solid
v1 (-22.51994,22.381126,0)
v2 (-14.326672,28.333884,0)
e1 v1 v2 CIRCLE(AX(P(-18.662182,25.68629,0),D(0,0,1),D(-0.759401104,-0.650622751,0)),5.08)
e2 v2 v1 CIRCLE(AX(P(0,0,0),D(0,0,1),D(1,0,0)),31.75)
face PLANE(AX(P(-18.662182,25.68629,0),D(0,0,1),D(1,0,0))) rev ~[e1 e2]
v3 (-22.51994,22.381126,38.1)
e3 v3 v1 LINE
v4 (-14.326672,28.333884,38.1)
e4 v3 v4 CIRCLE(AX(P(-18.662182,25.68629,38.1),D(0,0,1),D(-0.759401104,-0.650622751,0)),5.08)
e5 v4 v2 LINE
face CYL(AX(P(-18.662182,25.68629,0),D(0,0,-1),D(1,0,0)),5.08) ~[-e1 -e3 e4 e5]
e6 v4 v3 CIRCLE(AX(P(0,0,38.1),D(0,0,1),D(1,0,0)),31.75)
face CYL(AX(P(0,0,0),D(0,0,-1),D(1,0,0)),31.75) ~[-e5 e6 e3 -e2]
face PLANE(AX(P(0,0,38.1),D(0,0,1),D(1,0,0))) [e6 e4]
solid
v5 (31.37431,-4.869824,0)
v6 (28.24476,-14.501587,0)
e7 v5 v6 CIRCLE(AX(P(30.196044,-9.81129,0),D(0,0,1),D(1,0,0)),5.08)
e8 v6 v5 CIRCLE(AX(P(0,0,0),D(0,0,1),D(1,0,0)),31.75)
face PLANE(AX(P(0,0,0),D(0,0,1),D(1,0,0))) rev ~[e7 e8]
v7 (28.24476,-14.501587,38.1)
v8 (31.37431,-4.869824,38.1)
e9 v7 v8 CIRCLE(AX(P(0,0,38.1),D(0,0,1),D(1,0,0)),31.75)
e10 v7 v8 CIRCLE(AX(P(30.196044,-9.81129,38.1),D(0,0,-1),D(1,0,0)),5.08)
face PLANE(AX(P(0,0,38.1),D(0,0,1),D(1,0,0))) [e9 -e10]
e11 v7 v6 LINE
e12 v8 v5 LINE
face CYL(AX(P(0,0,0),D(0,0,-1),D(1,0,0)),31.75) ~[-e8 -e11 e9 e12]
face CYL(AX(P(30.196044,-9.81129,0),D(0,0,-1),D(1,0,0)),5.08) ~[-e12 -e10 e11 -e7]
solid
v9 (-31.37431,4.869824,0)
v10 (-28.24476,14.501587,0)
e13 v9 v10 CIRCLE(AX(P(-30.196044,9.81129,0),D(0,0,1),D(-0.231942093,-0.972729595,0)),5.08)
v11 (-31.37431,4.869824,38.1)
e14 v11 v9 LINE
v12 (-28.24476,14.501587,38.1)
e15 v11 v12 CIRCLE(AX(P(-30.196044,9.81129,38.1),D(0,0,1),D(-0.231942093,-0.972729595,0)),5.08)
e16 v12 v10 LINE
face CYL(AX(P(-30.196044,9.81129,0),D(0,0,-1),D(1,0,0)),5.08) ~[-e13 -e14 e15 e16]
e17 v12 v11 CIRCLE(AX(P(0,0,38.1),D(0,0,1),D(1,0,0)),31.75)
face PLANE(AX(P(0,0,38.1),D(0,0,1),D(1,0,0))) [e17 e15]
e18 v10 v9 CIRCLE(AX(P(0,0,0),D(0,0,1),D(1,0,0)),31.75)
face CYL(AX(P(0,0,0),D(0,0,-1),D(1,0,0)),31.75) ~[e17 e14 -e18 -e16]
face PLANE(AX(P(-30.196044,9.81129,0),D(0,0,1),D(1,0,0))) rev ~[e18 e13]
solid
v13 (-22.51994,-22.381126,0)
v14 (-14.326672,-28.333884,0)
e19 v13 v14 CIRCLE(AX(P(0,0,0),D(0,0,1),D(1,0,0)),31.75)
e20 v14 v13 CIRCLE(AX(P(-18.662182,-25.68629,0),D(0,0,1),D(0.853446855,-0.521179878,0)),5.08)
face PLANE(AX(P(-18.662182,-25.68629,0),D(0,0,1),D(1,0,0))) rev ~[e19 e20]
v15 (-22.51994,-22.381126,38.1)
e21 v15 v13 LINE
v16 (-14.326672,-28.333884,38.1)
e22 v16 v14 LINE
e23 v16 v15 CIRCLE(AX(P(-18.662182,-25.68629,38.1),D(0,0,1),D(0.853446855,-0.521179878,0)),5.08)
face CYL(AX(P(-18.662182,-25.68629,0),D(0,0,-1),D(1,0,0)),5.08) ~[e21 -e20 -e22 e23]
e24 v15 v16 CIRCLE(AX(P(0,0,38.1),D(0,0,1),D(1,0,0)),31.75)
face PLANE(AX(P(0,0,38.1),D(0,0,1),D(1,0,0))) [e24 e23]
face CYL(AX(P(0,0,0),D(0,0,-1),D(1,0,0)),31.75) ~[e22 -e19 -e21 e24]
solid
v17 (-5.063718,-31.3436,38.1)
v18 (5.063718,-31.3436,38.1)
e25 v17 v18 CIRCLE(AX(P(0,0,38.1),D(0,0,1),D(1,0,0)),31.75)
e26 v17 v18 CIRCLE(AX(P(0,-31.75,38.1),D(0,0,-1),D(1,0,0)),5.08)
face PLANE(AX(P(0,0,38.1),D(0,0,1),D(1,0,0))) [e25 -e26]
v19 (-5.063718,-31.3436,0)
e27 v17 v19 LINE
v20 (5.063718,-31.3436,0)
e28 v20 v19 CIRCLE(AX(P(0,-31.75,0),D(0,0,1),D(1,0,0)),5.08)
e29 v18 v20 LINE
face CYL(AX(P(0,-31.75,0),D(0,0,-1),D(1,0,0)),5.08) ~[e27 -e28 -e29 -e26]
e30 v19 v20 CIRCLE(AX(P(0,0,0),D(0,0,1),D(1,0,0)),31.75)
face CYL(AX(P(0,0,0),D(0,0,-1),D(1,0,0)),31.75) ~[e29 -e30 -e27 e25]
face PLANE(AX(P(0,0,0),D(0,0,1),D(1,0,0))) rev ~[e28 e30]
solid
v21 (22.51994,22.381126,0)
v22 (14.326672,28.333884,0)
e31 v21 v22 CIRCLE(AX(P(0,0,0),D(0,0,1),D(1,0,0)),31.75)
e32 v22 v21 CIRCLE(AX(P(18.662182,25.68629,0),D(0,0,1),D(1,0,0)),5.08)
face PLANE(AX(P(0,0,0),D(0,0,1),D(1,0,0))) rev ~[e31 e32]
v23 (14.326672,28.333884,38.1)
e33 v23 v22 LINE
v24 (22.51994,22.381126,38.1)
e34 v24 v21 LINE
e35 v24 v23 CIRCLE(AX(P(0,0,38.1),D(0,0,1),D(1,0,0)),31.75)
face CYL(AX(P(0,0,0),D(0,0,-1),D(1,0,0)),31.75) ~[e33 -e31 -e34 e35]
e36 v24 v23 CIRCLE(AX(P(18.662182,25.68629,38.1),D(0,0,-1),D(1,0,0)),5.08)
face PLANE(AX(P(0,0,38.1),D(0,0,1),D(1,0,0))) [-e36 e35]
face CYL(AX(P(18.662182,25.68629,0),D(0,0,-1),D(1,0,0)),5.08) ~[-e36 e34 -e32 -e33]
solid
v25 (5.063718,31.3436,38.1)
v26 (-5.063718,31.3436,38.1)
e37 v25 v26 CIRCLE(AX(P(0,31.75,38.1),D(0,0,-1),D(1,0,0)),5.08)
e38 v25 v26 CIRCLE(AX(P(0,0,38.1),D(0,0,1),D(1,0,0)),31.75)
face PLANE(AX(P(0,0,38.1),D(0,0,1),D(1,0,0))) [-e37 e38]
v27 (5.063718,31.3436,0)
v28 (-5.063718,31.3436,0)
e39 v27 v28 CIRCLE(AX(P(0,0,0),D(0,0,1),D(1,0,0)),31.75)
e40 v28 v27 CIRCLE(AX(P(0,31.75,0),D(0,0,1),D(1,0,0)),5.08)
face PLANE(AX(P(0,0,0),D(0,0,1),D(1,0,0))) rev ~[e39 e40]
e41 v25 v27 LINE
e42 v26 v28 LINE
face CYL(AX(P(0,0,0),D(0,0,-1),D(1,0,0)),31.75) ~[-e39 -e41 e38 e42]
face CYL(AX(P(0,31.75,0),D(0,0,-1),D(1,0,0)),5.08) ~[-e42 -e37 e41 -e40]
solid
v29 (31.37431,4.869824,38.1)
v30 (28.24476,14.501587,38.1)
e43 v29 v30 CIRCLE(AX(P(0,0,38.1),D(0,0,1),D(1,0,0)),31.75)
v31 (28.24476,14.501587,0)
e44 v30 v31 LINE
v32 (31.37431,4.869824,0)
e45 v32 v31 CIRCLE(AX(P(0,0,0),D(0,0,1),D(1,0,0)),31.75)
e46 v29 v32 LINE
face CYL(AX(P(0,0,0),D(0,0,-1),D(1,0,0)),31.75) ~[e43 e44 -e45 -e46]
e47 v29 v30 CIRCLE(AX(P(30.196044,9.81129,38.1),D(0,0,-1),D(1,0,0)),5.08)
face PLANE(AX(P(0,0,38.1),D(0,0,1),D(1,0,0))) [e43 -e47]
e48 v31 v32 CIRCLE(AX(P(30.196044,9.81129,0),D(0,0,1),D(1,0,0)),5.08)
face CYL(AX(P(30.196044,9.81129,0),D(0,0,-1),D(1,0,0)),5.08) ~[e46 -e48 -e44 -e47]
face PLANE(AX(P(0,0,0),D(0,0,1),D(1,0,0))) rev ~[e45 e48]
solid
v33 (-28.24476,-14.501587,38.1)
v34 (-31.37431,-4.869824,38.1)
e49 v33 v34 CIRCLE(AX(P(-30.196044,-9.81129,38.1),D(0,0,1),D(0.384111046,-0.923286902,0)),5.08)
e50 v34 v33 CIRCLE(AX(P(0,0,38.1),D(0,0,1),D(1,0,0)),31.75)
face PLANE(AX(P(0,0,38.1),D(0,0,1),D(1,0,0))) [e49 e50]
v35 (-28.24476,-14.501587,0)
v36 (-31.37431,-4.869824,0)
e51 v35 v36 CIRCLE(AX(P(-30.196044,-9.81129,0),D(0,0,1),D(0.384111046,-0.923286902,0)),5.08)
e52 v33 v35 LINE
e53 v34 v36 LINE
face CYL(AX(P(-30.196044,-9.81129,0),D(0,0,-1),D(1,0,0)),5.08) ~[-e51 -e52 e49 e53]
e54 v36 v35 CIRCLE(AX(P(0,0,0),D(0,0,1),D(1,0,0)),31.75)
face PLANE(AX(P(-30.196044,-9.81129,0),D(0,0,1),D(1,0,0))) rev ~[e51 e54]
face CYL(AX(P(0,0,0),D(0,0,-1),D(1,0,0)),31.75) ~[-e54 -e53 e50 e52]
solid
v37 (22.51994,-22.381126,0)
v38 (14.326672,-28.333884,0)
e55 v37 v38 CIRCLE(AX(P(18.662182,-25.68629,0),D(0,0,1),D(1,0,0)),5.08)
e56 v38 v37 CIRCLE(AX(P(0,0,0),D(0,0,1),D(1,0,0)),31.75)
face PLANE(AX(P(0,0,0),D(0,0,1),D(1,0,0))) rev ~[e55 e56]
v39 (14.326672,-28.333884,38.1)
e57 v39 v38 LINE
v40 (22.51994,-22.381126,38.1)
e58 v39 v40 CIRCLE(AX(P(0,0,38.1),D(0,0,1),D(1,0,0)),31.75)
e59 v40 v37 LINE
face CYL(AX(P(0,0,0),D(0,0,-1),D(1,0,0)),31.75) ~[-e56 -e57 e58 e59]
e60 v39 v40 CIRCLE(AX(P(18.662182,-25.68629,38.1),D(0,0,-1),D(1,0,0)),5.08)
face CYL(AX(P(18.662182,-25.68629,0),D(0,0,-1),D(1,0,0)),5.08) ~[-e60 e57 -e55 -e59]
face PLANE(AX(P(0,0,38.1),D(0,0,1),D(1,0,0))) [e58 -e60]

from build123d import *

# Parameters (mm, degrees)
F0_R     = 31.75
F1_DEPTH = 38.1
F2_R     = 5.08
F3_DEPTH = 50.8


with BuildPart() as f1:
    # F0 (on Top) → F1 (new body)
    with BuildSketch(Plane.XY):
        Circle(F0_R)
    extrude(amount=F1_DEPTH)


with BuildPart() as f3:
    # F2 (on Top) → F3 (new body)
    with BuildSketch(Plane.XY):
        with Locations((0, 31.75)):
            Circle(F2_R)
        with Locations((-18.662182, 25.68629)):
            Circle(F2_R)
        with Locations((-30.196044, 9.81129)):
            Circle(F2_R)
        with Locations((-30.196044, -9.81129)):
            Circle(F2_R)
        with Locations((-18.662182, -25.68629)):
            Circle(F2_R)
        with Locations((0, -31.75)):
            Circle(F2_R)
        with Locations((18.662182, -25.68629)):
            Circle(F2_R)
        with Locations((30.196044, -9.81129)):
            Circle(F2_R)
        with Locations((30.196044, 9.81129)):
            Circle(F2_R)
        with Locations((18.662182, 25.68629)):
            Circle(F2_R)
    extrude(amount=F3_DEPTH)


with BuildPart() as f1_1:
    add(f1.part)

    # F4: intersect F3
    add(f3.part, mode=Mode.INTERSECT)

    # F5: intersect F3
    add(f3.part, mode=Mode.INTERSECT)


with BuildPart() as f3_1:
    add(f3.part)

    # F6: intersect F1
    add(f1_1.part, mode=Mode.INTERSECT)

    # F7: intersect F1
    add(f1_1.part, mode=Mode.INTERSECT)


with BuildPart() as f1_2:
    add(f1_1.part)

    # F8: intersect F3
    add(f3_1.part, mode=Mode.INTERSECT)


with BuildPart() as f3_2:
    add(f3_1.part)

    # F9: intersect F1
    add(f1_2.part, mode=Mode.INTERSECT)

    # F10: intersect F1
    add(f1_2.part, mode=Mode.INTERSECT)

    # F11: intersect F1
    add(f1_2.part, mode=Mode.INTERSECT)

    # F12: intersect F1
    add(f1_2.part, mode=Mode.INTERSECT)

    # F13: intersect F1
    add(f1_2.part, mode=Mode.INTERSECT)

    # F14: intersect F1
    add(f1_2.part, mode=Mode.INTERSECT)


solid = f3_2.part
